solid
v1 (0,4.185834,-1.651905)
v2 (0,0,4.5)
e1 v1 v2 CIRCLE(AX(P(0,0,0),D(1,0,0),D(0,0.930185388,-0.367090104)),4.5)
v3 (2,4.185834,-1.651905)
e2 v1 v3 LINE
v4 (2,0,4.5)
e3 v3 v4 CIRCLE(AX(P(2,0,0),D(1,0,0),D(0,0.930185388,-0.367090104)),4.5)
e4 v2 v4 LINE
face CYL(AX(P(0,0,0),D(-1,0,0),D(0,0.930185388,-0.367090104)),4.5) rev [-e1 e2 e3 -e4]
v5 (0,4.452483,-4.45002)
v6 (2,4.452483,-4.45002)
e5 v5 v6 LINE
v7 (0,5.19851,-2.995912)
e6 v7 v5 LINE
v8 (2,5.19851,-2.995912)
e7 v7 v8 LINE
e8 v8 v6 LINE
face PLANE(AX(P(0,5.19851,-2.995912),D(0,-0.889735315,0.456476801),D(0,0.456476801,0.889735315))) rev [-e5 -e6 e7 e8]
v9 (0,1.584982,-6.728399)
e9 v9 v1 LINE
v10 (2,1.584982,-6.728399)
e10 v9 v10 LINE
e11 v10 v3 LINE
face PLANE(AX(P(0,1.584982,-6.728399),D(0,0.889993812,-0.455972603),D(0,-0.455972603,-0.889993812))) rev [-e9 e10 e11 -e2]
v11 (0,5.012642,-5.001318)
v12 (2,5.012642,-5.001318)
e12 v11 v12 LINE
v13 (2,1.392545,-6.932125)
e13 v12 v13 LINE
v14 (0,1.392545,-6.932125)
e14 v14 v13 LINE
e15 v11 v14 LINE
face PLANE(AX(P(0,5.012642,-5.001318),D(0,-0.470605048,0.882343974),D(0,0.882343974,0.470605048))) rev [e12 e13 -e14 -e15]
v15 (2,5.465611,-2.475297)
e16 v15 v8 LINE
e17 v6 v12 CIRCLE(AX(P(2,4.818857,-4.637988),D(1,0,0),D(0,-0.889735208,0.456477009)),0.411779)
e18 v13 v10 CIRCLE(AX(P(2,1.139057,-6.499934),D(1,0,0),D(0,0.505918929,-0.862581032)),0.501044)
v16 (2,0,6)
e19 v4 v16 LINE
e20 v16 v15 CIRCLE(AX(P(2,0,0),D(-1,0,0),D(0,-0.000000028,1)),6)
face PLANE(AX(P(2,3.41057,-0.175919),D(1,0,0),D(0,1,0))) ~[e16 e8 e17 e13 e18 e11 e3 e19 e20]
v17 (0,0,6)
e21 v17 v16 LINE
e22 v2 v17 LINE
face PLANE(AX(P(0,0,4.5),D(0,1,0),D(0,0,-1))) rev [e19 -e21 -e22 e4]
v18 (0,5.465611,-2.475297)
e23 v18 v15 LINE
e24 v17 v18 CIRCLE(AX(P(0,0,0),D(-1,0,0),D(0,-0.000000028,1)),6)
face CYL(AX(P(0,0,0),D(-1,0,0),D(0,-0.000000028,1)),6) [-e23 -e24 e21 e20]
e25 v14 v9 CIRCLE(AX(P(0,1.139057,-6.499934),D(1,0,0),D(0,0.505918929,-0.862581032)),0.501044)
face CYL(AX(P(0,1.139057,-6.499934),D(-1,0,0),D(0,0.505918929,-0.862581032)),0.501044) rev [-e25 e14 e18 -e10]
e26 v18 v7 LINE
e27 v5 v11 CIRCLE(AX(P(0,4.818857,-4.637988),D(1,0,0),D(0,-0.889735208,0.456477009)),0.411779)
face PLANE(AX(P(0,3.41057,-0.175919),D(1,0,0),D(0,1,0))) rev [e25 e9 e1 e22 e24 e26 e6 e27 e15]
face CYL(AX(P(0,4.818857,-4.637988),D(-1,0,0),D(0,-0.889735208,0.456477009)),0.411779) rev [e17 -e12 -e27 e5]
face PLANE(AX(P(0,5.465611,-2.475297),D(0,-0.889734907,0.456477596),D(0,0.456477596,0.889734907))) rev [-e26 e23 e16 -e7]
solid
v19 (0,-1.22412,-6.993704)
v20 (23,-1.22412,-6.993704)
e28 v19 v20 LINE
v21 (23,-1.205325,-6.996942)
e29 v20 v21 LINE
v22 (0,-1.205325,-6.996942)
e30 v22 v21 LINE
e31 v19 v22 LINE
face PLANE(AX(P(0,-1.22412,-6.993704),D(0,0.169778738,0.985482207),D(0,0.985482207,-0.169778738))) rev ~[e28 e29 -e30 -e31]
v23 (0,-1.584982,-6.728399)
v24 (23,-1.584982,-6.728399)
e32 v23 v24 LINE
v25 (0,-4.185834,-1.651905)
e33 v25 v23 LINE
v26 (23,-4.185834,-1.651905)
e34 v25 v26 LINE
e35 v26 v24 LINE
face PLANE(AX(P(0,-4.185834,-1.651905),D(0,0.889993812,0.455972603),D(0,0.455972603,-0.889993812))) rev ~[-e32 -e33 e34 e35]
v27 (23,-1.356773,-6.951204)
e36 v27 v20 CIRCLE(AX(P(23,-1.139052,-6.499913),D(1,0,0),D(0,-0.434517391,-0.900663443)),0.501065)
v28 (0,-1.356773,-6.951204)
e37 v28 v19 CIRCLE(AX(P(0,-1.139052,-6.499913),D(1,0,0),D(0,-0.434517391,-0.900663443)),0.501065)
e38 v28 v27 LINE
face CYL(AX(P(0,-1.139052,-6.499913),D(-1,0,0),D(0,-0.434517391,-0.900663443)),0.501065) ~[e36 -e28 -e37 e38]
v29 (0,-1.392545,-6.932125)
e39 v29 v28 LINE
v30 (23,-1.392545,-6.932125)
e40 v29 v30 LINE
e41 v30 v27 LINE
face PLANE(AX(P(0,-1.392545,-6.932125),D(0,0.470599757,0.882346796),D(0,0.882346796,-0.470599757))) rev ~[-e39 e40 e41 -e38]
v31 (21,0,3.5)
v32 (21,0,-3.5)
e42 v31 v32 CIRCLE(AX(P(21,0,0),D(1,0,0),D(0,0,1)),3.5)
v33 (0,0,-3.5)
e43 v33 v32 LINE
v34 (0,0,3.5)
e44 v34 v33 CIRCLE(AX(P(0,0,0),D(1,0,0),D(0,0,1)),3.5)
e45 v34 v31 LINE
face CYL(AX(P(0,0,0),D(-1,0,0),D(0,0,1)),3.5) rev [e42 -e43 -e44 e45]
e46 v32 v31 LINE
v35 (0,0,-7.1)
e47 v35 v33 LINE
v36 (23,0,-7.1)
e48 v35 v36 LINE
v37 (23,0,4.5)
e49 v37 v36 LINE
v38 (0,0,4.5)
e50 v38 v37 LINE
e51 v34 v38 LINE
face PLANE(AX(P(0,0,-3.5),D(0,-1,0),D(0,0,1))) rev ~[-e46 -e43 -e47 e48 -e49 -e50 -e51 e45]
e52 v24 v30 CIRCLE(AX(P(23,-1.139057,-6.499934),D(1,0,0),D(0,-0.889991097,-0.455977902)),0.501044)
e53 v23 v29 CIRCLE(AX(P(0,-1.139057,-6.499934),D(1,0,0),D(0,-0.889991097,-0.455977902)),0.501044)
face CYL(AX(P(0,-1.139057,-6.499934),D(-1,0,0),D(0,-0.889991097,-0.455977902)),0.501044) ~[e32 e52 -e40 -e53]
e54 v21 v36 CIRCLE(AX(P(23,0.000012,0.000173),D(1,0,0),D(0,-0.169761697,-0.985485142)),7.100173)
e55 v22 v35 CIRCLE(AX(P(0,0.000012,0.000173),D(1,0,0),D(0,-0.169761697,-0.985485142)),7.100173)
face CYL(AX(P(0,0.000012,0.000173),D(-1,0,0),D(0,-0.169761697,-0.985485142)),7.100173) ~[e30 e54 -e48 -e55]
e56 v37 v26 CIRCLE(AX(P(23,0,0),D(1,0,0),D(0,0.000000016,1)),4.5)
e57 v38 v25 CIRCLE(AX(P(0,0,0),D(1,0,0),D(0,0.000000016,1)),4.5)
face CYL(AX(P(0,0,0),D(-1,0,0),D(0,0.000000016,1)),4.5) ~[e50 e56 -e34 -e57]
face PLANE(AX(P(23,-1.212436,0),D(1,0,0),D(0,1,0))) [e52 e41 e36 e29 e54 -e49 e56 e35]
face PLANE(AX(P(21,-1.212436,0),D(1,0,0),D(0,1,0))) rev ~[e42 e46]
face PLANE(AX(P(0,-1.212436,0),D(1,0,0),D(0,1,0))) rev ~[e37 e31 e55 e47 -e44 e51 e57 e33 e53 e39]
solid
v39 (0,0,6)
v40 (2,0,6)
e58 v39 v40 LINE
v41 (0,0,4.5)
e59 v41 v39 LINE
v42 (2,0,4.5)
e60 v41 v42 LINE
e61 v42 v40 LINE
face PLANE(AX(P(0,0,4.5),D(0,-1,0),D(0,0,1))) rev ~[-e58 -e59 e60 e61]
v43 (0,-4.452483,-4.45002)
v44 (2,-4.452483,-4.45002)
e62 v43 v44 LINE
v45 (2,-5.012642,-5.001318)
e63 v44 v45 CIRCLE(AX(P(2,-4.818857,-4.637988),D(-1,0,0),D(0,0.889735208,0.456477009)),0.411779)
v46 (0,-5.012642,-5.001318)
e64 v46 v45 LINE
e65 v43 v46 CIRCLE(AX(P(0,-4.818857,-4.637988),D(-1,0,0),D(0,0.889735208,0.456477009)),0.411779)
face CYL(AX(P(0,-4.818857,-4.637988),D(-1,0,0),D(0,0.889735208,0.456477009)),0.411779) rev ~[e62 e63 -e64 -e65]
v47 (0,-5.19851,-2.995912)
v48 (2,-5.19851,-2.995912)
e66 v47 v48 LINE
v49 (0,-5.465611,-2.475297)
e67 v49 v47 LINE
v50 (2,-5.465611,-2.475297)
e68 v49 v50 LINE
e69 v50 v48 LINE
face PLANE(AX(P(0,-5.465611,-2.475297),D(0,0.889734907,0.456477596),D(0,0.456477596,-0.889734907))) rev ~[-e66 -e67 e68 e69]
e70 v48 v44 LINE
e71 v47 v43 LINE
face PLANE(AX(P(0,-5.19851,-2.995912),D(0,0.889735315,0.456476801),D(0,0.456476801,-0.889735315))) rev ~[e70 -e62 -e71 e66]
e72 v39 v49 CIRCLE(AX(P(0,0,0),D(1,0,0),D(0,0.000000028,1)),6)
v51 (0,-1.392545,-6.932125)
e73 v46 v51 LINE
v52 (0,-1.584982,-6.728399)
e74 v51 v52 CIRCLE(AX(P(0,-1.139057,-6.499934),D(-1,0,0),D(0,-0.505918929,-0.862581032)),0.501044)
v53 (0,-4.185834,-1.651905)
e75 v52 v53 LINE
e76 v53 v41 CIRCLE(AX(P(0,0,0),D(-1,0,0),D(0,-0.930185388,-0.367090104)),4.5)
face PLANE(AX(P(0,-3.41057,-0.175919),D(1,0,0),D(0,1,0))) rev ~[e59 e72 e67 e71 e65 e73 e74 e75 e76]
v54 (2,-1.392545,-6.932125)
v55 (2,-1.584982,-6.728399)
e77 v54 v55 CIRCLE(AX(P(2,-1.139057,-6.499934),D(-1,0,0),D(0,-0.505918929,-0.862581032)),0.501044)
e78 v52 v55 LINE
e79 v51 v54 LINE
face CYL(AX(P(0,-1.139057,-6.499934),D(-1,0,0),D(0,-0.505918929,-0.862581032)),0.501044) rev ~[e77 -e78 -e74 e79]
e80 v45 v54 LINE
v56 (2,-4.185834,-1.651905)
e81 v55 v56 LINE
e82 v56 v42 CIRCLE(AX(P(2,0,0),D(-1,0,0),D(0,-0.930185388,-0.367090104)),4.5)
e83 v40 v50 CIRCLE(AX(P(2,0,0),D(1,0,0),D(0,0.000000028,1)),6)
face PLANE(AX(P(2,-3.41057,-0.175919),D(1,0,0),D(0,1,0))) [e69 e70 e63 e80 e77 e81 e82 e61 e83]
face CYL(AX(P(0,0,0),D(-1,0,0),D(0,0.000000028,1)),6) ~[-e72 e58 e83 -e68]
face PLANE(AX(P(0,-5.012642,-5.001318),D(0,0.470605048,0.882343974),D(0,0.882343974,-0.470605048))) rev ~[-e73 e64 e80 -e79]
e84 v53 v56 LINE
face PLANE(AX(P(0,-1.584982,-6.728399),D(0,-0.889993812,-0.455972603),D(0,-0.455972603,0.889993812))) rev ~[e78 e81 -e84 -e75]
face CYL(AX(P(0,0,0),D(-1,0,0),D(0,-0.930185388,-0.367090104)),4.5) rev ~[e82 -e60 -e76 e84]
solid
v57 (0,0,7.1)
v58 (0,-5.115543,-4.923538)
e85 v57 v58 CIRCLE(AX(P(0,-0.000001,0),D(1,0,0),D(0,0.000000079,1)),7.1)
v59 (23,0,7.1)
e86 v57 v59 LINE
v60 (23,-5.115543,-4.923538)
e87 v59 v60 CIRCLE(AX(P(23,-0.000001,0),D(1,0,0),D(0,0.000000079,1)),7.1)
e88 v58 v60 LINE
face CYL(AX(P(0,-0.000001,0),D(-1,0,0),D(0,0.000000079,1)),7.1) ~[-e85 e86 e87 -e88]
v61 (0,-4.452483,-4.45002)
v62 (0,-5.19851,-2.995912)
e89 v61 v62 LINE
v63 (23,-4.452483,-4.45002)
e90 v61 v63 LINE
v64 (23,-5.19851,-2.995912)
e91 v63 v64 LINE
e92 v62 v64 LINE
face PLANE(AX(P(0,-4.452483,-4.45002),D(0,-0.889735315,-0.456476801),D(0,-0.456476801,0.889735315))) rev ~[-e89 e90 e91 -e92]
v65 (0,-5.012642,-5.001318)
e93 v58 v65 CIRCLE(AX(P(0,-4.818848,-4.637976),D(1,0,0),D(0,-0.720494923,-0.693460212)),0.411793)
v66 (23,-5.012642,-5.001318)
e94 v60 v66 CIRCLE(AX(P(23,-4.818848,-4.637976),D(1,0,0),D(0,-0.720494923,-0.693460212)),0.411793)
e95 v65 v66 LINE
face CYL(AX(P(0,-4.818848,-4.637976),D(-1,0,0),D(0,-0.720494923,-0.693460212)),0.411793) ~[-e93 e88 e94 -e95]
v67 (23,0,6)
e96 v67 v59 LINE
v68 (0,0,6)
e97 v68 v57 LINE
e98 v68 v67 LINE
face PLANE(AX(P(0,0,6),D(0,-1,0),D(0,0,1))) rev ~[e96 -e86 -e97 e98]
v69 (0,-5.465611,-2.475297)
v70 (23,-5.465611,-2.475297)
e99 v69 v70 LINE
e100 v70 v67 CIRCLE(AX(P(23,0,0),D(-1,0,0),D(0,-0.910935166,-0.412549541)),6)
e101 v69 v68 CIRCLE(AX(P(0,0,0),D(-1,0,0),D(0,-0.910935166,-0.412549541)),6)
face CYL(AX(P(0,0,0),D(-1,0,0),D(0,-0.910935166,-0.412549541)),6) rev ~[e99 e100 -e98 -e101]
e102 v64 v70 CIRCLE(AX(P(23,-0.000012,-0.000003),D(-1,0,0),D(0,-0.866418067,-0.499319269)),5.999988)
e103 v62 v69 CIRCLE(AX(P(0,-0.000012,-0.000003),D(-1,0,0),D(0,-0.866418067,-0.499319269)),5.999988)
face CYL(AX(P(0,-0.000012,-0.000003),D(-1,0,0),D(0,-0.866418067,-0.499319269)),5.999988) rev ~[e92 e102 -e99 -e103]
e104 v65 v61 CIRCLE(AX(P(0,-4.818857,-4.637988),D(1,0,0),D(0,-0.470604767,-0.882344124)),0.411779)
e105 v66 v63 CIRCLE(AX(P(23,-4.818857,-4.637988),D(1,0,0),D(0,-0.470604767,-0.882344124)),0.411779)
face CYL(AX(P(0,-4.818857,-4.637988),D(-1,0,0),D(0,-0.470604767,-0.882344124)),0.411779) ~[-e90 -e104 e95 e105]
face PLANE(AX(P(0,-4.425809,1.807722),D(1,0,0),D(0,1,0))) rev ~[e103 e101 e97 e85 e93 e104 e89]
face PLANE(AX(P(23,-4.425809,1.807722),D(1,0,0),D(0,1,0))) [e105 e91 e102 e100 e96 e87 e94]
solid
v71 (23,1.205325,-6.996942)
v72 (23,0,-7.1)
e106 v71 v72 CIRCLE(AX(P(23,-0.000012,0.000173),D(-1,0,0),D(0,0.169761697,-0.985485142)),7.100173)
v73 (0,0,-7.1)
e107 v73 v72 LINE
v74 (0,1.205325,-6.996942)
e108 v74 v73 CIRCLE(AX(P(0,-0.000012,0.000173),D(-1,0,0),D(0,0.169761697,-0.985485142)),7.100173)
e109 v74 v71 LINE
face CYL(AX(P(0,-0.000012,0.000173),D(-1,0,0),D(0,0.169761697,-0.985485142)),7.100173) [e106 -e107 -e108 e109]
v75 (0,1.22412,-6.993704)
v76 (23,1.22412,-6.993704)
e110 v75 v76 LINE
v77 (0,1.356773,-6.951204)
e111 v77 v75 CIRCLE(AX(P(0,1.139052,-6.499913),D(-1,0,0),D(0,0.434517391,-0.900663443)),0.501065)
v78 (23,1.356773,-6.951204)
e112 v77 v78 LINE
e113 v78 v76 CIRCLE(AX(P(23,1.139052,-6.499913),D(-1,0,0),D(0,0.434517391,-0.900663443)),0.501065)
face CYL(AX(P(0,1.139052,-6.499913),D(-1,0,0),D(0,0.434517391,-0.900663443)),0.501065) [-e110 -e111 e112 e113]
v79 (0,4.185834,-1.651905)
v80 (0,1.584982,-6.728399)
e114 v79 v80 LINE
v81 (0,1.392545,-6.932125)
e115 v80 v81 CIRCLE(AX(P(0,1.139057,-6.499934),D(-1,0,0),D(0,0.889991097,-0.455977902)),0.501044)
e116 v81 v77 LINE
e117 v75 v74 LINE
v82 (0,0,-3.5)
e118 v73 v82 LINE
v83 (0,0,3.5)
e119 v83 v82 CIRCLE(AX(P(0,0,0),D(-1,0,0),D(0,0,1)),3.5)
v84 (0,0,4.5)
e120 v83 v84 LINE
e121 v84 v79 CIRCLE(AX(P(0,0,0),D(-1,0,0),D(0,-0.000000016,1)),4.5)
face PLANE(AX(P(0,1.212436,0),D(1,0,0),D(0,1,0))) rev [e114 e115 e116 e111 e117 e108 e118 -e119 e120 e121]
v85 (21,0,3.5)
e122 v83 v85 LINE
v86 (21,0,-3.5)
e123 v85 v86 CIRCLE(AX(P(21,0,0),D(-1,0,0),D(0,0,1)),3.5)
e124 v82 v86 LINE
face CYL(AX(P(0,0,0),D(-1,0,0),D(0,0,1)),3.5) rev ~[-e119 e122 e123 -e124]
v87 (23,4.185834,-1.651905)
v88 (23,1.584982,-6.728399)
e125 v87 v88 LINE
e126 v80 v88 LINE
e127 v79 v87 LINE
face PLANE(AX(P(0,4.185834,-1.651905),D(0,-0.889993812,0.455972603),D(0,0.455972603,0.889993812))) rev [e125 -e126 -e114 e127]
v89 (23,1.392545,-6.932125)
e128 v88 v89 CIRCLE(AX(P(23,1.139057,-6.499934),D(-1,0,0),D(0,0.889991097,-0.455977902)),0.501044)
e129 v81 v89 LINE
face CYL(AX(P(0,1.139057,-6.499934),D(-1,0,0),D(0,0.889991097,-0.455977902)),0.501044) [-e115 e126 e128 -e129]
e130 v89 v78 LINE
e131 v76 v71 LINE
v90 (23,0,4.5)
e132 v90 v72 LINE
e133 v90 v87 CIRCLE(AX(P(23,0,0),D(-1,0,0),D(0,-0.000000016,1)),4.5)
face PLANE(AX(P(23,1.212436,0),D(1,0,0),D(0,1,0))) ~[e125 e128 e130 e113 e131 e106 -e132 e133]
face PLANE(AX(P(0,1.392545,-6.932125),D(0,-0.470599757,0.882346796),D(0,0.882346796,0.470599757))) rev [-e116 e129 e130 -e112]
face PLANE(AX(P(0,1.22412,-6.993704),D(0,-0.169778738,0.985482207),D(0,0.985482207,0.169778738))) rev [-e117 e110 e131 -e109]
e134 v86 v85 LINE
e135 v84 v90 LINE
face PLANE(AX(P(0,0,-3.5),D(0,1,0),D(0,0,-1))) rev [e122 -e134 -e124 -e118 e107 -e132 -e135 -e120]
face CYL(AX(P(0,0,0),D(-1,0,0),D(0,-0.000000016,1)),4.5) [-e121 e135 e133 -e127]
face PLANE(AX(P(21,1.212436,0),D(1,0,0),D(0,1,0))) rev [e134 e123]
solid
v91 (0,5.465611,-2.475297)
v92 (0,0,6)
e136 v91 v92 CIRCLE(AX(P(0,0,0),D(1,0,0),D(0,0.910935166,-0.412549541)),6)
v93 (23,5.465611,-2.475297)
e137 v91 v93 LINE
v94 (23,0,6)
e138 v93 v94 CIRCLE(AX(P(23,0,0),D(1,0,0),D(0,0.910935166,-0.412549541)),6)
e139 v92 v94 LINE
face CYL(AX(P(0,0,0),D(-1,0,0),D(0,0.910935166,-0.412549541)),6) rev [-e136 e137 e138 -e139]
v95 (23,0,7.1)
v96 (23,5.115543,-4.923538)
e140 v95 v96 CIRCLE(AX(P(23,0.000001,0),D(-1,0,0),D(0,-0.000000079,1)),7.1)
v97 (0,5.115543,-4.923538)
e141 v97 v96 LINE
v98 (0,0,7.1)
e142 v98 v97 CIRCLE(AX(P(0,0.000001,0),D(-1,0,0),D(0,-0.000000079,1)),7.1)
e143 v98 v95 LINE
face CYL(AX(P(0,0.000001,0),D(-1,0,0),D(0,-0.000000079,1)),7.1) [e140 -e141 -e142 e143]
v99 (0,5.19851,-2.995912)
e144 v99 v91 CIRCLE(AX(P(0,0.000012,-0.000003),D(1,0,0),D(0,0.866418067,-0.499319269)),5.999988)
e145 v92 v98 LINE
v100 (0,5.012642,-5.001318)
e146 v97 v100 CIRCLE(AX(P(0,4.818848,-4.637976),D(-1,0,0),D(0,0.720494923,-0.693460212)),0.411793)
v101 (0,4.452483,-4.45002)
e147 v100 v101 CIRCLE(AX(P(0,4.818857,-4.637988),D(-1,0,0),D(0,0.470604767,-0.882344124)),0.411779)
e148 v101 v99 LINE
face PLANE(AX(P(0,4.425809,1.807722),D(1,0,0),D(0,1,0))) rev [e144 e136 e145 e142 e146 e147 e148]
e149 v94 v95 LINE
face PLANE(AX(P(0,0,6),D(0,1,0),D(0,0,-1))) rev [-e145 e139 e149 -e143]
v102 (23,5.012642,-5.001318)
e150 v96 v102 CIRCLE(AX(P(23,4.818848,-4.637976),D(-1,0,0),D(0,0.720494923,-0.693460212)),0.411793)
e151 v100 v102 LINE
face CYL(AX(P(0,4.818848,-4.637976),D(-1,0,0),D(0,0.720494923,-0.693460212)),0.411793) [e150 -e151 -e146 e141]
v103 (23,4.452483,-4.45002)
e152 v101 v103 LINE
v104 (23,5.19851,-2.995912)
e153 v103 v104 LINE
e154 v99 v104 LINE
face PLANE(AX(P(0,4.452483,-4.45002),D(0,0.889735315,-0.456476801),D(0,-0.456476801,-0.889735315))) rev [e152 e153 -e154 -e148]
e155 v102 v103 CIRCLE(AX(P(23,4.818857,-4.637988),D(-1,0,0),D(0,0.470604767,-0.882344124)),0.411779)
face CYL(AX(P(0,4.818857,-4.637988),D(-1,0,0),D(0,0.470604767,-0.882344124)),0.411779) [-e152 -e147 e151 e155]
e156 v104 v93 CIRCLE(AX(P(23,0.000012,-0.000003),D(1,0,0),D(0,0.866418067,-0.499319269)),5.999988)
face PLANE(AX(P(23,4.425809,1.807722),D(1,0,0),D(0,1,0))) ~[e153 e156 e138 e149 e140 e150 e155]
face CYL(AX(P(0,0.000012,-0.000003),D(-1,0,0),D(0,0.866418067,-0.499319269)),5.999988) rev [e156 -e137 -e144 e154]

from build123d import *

# Parameters (mm, degrees)
F1_DEPTH = 23
F2_DEPTH = 2
F3_DEPTH = 23
F4_DEPTH = 21


with BuildPart() as f1:
    # F0 (on Right) → F1 (new body)
    with BuildSketch(Plane.YZ):
        with BuildLine():
            ThreePointArc((-5.465611, -2.475297), (-5.042409, 3.251786), (0, 6))
            Line((0, 6), (0, 7.1))
            ThreePointArc((0, 7.1), (-6.533266, 2.779648), (-5.115543, -4.923538))
            ThreePointArc((-5.115543, -4.923538), (-5.067157, -4.966482), (-5.012642, -5.001318))
            ThreePointArc((-5.012642, -5.001318), (-4.530016, -4.931471), (-4.452483, -4.45002))
            Line((-4.452483, -4.45002), (-5.19851, -2.995912))
            ThreePointArc((-5.19851, -2.995912), (-5.338411, -2.738862), (-5.465611, -2.475297))
        make_face()
        with BuildLine():
            ThreePointArc((0, -3.5), (-3.5, 0), (0, 3.5))
            Line((0, 3.5), (0, 4.5))
            ThreePointArc((0, 4.5), (-3.720455, 2.531445), (-4.185834, -1.651905))
            Line((-4.185834, -1.651905), (-1.584982, -6.728399))
            ThreePointArc((-1.584982, -6.728399), (-1.503297, -6.84399), (-1.392545, -6.932125))
            Line((-1.392545, -6.932125), (-1.356773, -6.951204))
            ThreePointArc((-1.356773, -6.951204), (-1.291931, -6.977086), (-1.22412, -6.993704))
            Line((-1.22412, -6.993704), (-1.205325, -6.996942))
            ThreePointArc((-1.205325, -6.996942), (-0.604862, -7.074188), (0, -7.1))
            Line((0, -7.1), (0, -3.5))
        make_face()
    extrude(amount=F1_DEPTH)

    # F0 (on Right) → F3 (join)
    with BuildSketch(Plane.YZ):
        with BuildLine():
            Line((0, -3.5), (0, 3.5))
            ThreePointArc((0, 3.5), (-3.5, 0), (0, -3.5))
        make_face()
    extrude(amount=F3_DEPTH)

    # F0 (on Right) → F4 (cut)
    with BuildSketch(Plane.YZ):
        with BuildLine():
            Line((0, -3.5), (0, 3.5))
            ThreePointArc((0, 3.5), (-3.5, 0), (0, -3.5))
        make_face()
    extrude(amount=F4_DEPTH, mode=Mode.SUBTRACT)


with BuildPart() as f2:
    # F0 (on Right) → F2 (new body)
    with BuildSketch(Plane.YZ):
        with BuildLine():
            ThreePointArc((-4.185834, -1.651905), (-3.720455, 2.531445), (0, 4.5))
            Line((0, 4.5), (0, 6))
            ThreePointArc((0, 6), (-5.042409, 3.251786), (-5.465611, -2.475297))
            Line((-5.465611, -2.475297), (-5.19851, -2.995912))
            Line((-5.19851, -2.995912), (-4.452483, -4.45002))
            ThreePointArc((-4.452483, -4.45002), (-4.530016, -4.931471), (-5.012642, -5.001318))
            Line((-5.012642, -5.001318), (-1.392545, -6.932125))
            ThreePointArc((-1.392545, -6.932125), (-1.503297, -6.84399), (-1.584982, -6.728399))
            Line((-1.584982, -6.728399), (-4.185834, -1.651905))
        make_face()
    extrude(amount=F2_DEPTH)


with BuildPart() as f5_1:
    # F5: instance of F1
    add(f1.part.mirror(Plane.XZ))


with BuildPart() as f5_2:
    # F5: instance of F2
    add(f2.part.mirror(Plane.XZ))


solid = Compound([f1.part, f2.part, f5_1.part, f5_2.part])
